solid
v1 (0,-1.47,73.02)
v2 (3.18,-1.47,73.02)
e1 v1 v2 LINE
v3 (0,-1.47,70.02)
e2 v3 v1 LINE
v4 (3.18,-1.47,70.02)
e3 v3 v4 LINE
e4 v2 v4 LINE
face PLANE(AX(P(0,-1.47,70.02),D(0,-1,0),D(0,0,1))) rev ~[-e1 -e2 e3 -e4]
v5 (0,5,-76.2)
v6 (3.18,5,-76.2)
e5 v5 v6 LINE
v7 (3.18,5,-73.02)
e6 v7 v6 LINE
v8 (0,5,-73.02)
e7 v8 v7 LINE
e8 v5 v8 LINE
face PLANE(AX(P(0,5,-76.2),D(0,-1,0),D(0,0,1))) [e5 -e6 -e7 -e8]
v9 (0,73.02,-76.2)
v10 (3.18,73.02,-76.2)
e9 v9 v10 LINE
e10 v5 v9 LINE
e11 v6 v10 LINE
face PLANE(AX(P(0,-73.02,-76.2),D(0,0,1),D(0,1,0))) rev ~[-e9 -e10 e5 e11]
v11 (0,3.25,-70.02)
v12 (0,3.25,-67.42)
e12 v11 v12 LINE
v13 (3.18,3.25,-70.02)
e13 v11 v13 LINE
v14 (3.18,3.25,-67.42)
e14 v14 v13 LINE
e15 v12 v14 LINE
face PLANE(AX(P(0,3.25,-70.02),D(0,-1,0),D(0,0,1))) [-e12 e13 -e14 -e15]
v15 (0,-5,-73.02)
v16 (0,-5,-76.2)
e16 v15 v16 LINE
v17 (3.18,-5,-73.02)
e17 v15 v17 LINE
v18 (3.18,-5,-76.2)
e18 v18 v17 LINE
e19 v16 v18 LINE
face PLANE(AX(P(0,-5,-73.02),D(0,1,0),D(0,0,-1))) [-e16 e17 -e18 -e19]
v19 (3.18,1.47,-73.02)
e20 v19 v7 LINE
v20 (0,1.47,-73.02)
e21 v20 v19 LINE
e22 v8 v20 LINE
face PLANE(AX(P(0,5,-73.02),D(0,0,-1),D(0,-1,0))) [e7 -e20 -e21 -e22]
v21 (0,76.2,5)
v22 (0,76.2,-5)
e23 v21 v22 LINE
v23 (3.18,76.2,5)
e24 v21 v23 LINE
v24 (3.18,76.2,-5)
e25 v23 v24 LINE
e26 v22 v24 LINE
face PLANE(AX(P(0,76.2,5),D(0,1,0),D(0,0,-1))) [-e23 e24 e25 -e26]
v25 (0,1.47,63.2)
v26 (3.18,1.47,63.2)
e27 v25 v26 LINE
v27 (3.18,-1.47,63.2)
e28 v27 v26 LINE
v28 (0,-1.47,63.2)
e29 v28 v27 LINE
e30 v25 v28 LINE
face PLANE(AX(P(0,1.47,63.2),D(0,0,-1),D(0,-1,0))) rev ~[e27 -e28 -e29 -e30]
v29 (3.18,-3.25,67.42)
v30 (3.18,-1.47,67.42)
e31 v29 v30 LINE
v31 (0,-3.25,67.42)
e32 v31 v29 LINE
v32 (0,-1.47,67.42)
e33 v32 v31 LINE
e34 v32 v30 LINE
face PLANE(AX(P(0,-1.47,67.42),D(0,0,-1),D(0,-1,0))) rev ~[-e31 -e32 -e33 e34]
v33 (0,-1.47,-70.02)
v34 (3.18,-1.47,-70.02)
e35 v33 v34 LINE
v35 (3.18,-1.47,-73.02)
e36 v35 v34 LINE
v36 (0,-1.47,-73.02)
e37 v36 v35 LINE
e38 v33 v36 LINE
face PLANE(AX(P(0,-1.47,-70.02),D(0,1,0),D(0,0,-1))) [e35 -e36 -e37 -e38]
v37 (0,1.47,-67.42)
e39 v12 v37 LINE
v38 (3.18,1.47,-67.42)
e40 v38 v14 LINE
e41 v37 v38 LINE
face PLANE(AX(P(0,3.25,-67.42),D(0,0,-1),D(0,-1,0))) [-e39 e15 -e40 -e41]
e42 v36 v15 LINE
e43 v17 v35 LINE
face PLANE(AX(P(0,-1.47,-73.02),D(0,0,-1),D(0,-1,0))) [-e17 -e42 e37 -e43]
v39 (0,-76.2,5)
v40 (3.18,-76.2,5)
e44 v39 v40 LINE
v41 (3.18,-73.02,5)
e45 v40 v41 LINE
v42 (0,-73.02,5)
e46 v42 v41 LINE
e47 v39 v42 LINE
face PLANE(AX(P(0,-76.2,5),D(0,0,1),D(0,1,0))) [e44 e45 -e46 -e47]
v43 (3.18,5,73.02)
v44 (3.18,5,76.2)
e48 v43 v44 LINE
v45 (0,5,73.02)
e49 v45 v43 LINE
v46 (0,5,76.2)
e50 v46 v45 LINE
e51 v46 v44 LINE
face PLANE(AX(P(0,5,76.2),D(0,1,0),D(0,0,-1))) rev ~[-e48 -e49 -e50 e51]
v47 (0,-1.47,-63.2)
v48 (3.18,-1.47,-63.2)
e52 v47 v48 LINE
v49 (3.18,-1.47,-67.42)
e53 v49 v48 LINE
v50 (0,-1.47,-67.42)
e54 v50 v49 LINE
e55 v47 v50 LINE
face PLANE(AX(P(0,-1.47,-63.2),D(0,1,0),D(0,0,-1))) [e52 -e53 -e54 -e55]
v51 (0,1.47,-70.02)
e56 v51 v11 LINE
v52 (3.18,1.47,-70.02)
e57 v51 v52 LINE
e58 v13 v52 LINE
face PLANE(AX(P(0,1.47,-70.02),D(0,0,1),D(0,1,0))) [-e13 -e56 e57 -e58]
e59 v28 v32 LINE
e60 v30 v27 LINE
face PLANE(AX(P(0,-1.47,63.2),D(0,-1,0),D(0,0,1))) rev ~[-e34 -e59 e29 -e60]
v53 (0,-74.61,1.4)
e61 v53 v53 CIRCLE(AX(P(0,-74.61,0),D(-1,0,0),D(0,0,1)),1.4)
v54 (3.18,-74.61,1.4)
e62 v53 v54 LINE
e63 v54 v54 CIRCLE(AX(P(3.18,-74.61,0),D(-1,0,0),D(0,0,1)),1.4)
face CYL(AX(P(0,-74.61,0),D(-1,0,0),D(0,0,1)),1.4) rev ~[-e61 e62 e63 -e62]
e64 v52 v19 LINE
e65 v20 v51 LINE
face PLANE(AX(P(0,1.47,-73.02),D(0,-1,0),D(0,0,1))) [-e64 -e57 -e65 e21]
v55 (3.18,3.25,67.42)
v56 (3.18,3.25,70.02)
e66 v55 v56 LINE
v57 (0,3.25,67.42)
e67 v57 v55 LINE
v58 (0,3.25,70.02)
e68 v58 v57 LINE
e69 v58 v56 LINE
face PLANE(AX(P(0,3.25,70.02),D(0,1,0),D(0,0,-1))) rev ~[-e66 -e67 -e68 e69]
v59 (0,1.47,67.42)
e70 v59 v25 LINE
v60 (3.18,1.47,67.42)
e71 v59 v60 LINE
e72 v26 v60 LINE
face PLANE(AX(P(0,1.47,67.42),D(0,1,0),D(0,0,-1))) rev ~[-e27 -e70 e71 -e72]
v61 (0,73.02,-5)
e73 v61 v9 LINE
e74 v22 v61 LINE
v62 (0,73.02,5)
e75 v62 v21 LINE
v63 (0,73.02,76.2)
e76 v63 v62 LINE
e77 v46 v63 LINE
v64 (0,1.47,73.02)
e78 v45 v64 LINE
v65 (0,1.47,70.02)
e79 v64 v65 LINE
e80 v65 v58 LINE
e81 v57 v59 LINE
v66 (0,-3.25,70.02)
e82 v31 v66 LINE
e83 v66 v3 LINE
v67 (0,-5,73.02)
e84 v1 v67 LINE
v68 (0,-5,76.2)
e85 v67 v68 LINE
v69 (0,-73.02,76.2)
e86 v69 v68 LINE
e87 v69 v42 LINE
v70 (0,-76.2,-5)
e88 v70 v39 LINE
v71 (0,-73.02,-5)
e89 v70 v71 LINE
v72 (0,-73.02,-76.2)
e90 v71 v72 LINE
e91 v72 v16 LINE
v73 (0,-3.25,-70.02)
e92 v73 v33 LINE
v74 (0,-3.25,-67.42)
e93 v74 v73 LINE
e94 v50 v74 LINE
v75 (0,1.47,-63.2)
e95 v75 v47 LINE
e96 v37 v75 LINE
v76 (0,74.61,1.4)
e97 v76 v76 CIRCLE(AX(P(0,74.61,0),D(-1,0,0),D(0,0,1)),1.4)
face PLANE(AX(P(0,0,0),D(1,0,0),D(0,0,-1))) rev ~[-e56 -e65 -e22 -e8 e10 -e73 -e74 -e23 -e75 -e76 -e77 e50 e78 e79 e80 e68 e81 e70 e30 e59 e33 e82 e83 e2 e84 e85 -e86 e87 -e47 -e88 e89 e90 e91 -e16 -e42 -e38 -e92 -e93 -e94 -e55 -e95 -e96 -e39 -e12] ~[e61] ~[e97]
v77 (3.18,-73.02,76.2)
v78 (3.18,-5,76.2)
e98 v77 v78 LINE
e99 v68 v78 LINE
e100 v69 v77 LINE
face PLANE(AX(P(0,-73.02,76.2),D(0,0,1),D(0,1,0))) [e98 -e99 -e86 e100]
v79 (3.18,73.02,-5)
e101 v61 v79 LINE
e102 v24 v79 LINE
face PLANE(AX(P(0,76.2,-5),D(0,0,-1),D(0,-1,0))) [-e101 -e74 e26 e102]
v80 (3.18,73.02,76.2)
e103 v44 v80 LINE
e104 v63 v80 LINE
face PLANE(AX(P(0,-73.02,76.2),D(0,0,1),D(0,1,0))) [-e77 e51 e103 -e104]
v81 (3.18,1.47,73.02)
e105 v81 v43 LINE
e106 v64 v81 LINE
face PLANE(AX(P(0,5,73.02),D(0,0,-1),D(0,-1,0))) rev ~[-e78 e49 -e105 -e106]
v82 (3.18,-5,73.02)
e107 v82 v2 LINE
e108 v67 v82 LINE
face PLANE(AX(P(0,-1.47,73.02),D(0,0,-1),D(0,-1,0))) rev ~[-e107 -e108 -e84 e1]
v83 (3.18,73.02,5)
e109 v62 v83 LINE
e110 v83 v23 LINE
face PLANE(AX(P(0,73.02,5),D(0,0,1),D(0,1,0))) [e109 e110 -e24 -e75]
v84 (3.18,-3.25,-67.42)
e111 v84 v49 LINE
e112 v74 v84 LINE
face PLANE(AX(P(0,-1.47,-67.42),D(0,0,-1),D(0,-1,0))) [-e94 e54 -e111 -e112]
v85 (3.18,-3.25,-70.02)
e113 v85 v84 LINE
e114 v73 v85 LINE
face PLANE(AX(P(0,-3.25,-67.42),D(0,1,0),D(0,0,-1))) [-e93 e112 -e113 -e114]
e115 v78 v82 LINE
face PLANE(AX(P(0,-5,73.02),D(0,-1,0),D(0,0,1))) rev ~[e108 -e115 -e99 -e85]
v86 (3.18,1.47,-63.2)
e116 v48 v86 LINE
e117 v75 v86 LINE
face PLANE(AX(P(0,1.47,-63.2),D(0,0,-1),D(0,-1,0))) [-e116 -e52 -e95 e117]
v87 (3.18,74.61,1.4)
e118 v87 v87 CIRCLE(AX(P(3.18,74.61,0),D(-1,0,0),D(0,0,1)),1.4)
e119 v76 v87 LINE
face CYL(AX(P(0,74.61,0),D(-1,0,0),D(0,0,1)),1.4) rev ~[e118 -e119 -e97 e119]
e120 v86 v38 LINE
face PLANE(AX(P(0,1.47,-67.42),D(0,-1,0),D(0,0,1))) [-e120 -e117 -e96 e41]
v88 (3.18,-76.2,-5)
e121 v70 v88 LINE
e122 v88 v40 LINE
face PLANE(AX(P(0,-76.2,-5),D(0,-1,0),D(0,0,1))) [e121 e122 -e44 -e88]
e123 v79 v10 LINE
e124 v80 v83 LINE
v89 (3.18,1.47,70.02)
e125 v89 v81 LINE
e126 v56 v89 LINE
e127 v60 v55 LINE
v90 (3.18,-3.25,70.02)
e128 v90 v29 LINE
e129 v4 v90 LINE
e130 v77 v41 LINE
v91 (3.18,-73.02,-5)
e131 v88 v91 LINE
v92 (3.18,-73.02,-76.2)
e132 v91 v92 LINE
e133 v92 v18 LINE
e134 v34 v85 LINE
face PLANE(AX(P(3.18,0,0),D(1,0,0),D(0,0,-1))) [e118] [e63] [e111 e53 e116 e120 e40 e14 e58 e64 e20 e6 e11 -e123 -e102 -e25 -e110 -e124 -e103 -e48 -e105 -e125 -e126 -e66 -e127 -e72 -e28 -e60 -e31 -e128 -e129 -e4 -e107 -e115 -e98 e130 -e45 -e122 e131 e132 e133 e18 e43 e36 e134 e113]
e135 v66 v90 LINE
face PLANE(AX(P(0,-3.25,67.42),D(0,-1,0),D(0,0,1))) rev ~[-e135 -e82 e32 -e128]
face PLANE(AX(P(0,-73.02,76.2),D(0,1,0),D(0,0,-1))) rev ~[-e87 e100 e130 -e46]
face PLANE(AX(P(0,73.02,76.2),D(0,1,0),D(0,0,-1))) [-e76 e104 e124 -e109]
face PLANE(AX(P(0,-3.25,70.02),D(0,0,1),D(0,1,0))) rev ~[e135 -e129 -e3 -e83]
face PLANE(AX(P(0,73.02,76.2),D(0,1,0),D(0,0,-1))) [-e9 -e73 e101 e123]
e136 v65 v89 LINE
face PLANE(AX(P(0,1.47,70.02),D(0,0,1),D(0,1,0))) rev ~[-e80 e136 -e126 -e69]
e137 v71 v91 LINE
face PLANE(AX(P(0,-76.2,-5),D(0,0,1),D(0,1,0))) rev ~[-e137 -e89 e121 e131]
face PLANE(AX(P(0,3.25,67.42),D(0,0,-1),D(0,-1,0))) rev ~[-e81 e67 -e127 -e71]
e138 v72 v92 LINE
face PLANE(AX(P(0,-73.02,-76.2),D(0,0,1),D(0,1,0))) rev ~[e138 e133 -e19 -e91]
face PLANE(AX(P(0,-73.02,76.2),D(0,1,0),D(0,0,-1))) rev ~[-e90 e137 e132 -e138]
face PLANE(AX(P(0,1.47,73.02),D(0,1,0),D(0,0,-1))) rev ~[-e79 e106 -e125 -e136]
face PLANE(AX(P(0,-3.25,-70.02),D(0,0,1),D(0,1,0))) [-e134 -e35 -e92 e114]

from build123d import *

# Parameters (mm, degrees)
SKETCH1_W           = 152.4
SKETCH1_H           = 146.04
BOSS_EXTRUDE1_DEPTH = 3.18
SKETCH3_R           = 1.4
SKETCH3_W           = 10
SKETCH3_H           = 3.18
BOSS_EXTRUDE5_DEPTH = 3.18
CUT_EXTRUDE2_DEPTH  = 4.18
CUT_EXTRUDE3_DEPTH  = 4.18


with BuildPart() as part:
    # Sketch1 → Boss-Extrude1 (new body)
    with BuildSketch(Plane(origin=(0, 0, 0), x_dir=(0, 0, -1), z_dir=(1, 0, 0))):
        Rectangle(SKETCH1_W, SKETCH1_H)
    extrude(amount=BOSS_EXTRUDE1_DEPTH)

    # Sketch3 → Boss-Extrude5 (add)
    with BuildSketch(Plane.ZY):
        Polygon((0, 73.02), (5, 73.02), (5, 76.2), (-5, 76.2), (-5, 73.02), align=None)
        with Locations((0, 74.61)):
            Circle(SKETCH3_R, mode=Mode.SUBTRACT)
        with Locations((0, -74.61)):
            Rectangle(SKETCH3_W, SKETCH3_H)
        with Locations((0, -74.61)):
            Circle(SKETCH3_R, mode=Mode.SUBTRACT)
    extrude(amount=-BOSS_EXTRUDE5_DEPTH)

    # Sketch4 → Cut-Extrude2 (cut, through all)
    with BuildSketch(Plane(origin=(0, 0, 0), x_dir=(0, 0, -1), z_dir=(1, 0, 0))):
        Polygon((-76.2, -5), (-76.2, 5), (-73.02, 5), (-73.02, 1.47), (-70.02, 1.47), (-70.02, 3.25), (-67.42, 3.25), (-67.42, 1.47), (-63.2, 1.47), (-63.2, -1.47), (-67.42, -1.47), (-67.42, -3.25), (-70.02, -3.25), (-70.02, -1.47), (-73.02, -1.47), (-73.02, -5), align=None)
    extrude(amount=CUT_EXTRUDE2_DEPTH, mode=Mode.SUBTRACT)

    # Sketch5 → Cut-Extrude3 (cut, through all)
    with BuildSketch(Plane.ZY):
        Polygon((-70.02, -1.47), (-73.02, -1.47), (-73.02, -5), (-76.2, -5), (-76.2, 5), (-73.02, 5), (-73.02, 1.47), (-70.02, 1.47), (-70.02, 3.25), (-67.42, 3.25), (-67.42, 1.47), (-63.2, 1.47), (-63.2, -1.47), (-67.42, -1.47), (-67.42, -3.25), (-70.02, -3.25), align=None)
    extrude(amount=-CUT_EXTRUDE3_DEPTH, mode=Mode.SUBTRACT)


solid = part.part
